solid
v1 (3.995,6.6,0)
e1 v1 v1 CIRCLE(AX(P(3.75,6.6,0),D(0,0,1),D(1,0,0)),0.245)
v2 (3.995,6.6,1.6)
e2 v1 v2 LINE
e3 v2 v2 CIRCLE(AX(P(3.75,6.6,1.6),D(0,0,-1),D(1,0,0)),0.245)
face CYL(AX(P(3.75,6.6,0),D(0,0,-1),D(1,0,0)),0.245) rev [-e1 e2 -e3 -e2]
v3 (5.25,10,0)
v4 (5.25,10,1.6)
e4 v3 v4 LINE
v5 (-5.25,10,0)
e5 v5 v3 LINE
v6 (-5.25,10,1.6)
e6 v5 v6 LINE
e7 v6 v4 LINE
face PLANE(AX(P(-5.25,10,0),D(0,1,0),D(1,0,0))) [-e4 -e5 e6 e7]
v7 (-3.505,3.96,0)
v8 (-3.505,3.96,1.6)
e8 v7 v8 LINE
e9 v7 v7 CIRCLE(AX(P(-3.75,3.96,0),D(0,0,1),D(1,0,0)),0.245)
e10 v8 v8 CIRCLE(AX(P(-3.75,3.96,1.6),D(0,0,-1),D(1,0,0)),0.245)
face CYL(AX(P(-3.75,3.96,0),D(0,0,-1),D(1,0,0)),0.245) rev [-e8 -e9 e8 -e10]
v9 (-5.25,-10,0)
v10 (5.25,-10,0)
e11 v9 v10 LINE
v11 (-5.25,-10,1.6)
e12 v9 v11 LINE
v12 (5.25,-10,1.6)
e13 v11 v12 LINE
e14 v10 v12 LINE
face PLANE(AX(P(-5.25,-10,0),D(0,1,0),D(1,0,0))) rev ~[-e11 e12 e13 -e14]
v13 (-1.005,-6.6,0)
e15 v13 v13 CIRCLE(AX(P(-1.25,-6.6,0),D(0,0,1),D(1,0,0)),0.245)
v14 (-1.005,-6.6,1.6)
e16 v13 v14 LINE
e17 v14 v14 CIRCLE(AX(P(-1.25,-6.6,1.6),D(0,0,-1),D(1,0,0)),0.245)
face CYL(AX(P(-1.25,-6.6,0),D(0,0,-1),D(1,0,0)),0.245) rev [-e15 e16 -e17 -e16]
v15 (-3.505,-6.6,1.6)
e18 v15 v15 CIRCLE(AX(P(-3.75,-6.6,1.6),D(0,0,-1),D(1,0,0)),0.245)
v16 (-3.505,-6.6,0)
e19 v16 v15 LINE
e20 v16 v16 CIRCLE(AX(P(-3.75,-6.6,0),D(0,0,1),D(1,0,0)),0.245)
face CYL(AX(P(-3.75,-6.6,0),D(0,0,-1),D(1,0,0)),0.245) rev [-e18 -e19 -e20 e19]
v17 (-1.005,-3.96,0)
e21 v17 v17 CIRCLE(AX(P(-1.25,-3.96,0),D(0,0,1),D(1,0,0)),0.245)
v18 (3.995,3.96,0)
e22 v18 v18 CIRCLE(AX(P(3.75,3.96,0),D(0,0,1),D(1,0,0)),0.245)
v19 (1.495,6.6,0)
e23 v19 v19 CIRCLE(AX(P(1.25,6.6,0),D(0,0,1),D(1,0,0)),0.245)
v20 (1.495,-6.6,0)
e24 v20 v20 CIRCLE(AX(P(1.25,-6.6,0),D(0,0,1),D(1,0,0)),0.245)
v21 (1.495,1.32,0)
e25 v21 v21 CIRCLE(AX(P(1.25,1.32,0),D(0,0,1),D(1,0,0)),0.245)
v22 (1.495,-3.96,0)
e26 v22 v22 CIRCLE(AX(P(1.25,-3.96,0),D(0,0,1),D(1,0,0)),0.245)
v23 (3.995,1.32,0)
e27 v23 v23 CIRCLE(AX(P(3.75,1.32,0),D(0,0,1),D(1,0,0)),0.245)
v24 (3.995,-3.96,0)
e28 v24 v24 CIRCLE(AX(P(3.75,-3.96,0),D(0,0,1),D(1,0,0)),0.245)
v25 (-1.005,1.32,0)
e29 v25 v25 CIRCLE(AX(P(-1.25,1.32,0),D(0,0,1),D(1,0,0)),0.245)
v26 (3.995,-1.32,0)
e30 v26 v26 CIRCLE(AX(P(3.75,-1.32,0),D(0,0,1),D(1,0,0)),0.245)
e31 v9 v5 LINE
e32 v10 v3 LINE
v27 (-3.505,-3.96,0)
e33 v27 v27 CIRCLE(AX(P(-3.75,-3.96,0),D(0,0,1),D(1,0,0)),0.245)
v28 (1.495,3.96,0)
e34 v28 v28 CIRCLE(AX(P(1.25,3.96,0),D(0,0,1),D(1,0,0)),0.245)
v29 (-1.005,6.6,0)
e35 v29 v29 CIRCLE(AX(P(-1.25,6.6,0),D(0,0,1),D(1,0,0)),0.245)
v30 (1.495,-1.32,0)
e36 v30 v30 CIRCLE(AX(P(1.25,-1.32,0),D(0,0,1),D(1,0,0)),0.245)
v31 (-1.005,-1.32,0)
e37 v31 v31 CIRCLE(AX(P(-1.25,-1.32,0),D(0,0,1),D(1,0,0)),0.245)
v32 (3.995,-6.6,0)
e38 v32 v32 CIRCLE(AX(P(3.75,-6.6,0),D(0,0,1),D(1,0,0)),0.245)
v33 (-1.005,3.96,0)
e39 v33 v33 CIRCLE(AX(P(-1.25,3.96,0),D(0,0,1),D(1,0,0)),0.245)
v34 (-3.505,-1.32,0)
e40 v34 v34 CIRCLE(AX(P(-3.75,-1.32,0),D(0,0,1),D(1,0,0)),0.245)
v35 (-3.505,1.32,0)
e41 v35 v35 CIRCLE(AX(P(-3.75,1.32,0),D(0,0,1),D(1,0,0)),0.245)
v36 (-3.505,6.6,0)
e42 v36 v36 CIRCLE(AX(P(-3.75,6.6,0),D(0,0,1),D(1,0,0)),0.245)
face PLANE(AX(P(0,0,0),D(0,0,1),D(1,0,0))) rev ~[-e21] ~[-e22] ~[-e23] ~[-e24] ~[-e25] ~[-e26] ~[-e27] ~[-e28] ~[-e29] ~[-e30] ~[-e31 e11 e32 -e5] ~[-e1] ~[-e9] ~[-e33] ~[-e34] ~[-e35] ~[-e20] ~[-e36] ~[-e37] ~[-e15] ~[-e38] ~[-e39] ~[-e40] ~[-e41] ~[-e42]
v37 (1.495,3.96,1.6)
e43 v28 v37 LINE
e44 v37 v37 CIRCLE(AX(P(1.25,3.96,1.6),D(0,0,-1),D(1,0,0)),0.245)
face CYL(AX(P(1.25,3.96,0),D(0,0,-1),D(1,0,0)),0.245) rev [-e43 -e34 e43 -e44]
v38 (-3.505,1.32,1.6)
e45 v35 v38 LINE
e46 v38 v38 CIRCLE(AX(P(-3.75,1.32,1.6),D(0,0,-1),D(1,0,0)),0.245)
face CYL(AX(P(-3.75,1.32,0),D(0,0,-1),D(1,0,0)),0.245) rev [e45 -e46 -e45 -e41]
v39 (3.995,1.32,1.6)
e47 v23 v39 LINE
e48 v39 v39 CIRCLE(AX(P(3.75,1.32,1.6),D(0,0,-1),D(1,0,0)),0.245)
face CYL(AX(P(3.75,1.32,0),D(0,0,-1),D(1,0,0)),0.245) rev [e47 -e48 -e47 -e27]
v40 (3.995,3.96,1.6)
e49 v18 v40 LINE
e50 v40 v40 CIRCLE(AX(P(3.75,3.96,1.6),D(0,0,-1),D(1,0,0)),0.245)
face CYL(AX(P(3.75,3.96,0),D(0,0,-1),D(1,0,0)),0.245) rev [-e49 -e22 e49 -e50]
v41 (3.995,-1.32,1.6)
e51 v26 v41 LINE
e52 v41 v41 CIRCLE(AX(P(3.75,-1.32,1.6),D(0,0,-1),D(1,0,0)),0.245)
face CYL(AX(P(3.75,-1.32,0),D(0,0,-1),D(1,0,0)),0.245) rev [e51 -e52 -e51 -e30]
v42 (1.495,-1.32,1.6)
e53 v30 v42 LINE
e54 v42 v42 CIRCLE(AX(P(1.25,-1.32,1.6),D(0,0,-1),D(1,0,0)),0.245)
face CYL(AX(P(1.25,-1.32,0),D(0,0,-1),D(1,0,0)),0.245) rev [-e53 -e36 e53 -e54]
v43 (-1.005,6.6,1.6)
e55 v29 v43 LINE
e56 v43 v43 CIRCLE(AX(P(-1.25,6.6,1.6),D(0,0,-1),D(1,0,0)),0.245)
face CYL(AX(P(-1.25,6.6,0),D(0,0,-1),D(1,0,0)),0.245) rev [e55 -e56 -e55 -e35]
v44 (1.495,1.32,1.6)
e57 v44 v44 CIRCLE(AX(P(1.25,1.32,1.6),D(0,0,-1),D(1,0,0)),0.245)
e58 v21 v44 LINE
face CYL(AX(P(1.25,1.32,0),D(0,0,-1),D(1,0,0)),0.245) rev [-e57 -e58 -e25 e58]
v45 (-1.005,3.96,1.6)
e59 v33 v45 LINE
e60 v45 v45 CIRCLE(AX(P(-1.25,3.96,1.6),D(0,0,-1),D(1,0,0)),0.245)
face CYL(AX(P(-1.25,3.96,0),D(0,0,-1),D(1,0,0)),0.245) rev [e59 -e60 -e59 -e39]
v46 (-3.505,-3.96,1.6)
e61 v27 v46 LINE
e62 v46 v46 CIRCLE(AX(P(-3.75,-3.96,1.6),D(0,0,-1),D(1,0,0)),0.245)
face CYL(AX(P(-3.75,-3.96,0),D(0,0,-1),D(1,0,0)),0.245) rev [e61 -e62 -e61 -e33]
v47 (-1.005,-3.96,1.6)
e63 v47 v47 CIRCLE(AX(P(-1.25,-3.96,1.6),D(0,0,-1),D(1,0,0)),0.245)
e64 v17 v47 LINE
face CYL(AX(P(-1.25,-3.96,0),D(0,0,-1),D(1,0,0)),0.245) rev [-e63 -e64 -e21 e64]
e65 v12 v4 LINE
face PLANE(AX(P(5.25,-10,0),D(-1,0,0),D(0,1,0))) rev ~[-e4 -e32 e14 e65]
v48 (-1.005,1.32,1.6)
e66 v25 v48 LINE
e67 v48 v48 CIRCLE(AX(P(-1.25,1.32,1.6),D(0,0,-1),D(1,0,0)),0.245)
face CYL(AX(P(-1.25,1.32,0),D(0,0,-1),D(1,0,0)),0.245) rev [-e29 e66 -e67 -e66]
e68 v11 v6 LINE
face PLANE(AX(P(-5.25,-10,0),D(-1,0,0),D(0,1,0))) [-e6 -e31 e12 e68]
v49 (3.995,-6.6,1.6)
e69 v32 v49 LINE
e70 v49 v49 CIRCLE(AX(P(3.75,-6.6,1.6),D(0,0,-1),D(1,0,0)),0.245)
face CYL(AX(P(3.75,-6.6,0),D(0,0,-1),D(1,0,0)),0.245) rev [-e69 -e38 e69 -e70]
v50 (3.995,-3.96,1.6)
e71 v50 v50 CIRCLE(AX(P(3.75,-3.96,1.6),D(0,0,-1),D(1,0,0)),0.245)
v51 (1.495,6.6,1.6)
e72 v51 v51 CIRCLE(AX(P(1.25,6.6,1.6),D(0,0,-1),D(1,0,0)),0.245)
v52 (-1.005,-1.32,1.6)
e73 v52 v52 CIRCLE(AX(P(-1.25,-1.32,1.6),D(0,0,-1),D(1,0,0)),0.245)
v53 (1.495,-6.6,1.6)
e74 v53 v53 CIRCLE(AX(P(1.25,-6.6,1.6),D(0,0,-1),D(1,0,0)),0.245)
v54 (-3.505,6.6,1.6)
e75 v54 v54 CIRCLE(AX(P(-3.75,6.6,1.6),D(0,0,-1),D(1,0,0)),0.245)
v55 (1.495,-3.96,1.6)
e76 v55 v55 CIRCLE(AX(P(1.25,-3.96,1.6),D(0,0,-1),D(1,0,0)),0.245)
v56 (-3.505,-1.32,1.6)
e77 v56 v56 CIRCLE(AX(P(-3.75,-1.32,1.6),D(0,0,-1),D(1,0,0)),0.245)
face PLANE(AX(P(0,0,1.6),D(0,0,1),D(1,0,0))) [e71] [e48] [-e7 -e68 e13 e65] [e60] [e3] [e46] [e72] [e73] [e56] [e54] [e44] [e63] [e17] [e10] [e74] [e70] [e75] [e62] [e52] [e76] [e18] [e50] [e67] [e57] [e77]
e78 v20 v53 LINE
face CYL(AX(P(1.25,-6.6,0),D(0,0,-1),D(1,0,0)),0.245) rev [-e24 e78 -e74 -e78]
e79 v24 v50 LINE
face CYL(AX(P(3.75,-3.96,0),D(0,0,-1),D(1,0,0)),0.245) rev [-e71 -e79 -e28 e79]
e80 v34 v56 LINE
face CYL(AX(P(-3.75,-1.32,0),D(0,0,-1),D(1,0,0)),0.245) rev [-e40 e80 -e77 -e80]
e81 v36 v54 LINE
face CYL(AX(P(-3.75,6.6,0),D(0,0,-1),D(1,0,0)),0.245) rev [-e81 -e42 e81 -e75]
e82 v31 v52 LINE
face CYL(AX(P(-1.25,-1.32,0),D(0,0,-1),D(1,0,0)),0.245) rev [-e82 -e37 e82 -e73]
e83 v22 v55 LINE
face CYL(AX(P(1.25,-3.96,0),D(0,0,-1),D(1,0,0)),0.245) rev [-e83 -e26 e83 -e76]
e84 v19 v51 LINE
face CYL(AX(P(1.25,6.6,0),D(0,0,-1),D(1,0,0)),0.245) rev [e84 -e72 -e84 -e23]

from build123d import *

# Parameters (mm, degrees)
SKETCH_W                     = 10.5
SKETCH_H                     = 20
PAD_DEPTH                    = 1.6
SKETCH001_R                  = 0.245
POCKET_DEPTH                 = 46.891617
SKETCH001_LINEARPATTERN_2_R  = 0.245
POCKET_LINEARPATTERN_2_DEPTH = 46.891617
SKETCH001_LINEARPATTERN_3_R  = 0.245
POCKET_LINEARPATTERN_3_DEPTH = 46.891617
SKETCH001_LINEARPATTERN_4_R  = 0.245
POCKET_LINEARPATTERN_4_DEPTH = 46.891617
LINEARPATTERN001_COUNT       = 6
LINEARPATTERN001_PITCH       = 2.64


with BuildPart() as part:
    # Sketch → Pad (new body)
    with BuildSketch(Plane.XY):
        Rectangle(SKETCH_W, SKETCH_H)
    extrude(amount=PAD_DEPTH)

    # Sketch001 → Pocket (cut, through all)
    with BuildSketch(Plane.XY):
        with Locations((-3.75, 6.6)):
            Circle(SKETCH001_R)
    pocket = extrude(amount=POCKET_DEPTH, mode=Mode.SUBTRACT)

    # Sketch001 LinearPattern 2 → Pocket LinearPattern 2 (cut, through all)
    with BuildSketch(Plane(origin=(2.5, 0, 0), x_dir=(1, 0, 0), z_dir=(0, 0, 1))):
        with Locations((-3.75, 6.6)):
            Circle(SKETCH001_LINEARPATTERN_2_R)
    pocket_linearpattern_2 = extrude(amount=POCKET_LINEARPATTERN_2_DEPTH, mode=Mode.SUBTRACT)

    # Sketch001 LinearPattern 3 → Pocket LinearPattern 3 (cut, through all)
    with BuildSketch(Plane(origin=(5, 0, 0), x_dir=(1, 0, 0), z_dir=(0, 0, 1))):
        with Locations((-3.75, 6.6)):
            Circle(SKETCH001_LINEARPATTERN_3_R)
    pocket_linearpattern_3 = extrude(amount=POCKET_LINEARPATTERN_3_DEPTH, mode=Mode.SUBTRACT)

    # Sketch001 LinearPattern 4 → Pocket LinearPattern 4 (cut, through all)
    with BuildSketch(Plane(origin=(7.5, 0, 0), x_dir=(1, 0, 0), z_dir=(0, 0, 1))):
        with Locations((-3.75, 6.6)):
            Circle(SKETCH001_LINEARPATTERN_4_R)
    pocket_linearpattern_4 = extrude(amount=POCKET_LINEARPATTERN_4_DEPTH, mode=Mode.SUBTRACT)

    # LinearPattern001: Pocket, Pocket LinearPattern 2, Pocket LinearPattern 3, Pocket LinearPattern 4 ×6
    with Locations(*[(0, -i * LINEARPATTERN001_PITCH, 0) for i in range(1, LINEARPATTERN001_COUNT)]):
        add(pocket, mode=Mode.SUBTRACT)
        add(pocket_linearpattern_2, mode=Mode.SUBTRACT)
        add(pocket_linearpattern_3, mode=Mode.SUBTRACT)
        add(pocket_linearpattern_4, mode=Mode.SUBTRACT)


solid = part.part
